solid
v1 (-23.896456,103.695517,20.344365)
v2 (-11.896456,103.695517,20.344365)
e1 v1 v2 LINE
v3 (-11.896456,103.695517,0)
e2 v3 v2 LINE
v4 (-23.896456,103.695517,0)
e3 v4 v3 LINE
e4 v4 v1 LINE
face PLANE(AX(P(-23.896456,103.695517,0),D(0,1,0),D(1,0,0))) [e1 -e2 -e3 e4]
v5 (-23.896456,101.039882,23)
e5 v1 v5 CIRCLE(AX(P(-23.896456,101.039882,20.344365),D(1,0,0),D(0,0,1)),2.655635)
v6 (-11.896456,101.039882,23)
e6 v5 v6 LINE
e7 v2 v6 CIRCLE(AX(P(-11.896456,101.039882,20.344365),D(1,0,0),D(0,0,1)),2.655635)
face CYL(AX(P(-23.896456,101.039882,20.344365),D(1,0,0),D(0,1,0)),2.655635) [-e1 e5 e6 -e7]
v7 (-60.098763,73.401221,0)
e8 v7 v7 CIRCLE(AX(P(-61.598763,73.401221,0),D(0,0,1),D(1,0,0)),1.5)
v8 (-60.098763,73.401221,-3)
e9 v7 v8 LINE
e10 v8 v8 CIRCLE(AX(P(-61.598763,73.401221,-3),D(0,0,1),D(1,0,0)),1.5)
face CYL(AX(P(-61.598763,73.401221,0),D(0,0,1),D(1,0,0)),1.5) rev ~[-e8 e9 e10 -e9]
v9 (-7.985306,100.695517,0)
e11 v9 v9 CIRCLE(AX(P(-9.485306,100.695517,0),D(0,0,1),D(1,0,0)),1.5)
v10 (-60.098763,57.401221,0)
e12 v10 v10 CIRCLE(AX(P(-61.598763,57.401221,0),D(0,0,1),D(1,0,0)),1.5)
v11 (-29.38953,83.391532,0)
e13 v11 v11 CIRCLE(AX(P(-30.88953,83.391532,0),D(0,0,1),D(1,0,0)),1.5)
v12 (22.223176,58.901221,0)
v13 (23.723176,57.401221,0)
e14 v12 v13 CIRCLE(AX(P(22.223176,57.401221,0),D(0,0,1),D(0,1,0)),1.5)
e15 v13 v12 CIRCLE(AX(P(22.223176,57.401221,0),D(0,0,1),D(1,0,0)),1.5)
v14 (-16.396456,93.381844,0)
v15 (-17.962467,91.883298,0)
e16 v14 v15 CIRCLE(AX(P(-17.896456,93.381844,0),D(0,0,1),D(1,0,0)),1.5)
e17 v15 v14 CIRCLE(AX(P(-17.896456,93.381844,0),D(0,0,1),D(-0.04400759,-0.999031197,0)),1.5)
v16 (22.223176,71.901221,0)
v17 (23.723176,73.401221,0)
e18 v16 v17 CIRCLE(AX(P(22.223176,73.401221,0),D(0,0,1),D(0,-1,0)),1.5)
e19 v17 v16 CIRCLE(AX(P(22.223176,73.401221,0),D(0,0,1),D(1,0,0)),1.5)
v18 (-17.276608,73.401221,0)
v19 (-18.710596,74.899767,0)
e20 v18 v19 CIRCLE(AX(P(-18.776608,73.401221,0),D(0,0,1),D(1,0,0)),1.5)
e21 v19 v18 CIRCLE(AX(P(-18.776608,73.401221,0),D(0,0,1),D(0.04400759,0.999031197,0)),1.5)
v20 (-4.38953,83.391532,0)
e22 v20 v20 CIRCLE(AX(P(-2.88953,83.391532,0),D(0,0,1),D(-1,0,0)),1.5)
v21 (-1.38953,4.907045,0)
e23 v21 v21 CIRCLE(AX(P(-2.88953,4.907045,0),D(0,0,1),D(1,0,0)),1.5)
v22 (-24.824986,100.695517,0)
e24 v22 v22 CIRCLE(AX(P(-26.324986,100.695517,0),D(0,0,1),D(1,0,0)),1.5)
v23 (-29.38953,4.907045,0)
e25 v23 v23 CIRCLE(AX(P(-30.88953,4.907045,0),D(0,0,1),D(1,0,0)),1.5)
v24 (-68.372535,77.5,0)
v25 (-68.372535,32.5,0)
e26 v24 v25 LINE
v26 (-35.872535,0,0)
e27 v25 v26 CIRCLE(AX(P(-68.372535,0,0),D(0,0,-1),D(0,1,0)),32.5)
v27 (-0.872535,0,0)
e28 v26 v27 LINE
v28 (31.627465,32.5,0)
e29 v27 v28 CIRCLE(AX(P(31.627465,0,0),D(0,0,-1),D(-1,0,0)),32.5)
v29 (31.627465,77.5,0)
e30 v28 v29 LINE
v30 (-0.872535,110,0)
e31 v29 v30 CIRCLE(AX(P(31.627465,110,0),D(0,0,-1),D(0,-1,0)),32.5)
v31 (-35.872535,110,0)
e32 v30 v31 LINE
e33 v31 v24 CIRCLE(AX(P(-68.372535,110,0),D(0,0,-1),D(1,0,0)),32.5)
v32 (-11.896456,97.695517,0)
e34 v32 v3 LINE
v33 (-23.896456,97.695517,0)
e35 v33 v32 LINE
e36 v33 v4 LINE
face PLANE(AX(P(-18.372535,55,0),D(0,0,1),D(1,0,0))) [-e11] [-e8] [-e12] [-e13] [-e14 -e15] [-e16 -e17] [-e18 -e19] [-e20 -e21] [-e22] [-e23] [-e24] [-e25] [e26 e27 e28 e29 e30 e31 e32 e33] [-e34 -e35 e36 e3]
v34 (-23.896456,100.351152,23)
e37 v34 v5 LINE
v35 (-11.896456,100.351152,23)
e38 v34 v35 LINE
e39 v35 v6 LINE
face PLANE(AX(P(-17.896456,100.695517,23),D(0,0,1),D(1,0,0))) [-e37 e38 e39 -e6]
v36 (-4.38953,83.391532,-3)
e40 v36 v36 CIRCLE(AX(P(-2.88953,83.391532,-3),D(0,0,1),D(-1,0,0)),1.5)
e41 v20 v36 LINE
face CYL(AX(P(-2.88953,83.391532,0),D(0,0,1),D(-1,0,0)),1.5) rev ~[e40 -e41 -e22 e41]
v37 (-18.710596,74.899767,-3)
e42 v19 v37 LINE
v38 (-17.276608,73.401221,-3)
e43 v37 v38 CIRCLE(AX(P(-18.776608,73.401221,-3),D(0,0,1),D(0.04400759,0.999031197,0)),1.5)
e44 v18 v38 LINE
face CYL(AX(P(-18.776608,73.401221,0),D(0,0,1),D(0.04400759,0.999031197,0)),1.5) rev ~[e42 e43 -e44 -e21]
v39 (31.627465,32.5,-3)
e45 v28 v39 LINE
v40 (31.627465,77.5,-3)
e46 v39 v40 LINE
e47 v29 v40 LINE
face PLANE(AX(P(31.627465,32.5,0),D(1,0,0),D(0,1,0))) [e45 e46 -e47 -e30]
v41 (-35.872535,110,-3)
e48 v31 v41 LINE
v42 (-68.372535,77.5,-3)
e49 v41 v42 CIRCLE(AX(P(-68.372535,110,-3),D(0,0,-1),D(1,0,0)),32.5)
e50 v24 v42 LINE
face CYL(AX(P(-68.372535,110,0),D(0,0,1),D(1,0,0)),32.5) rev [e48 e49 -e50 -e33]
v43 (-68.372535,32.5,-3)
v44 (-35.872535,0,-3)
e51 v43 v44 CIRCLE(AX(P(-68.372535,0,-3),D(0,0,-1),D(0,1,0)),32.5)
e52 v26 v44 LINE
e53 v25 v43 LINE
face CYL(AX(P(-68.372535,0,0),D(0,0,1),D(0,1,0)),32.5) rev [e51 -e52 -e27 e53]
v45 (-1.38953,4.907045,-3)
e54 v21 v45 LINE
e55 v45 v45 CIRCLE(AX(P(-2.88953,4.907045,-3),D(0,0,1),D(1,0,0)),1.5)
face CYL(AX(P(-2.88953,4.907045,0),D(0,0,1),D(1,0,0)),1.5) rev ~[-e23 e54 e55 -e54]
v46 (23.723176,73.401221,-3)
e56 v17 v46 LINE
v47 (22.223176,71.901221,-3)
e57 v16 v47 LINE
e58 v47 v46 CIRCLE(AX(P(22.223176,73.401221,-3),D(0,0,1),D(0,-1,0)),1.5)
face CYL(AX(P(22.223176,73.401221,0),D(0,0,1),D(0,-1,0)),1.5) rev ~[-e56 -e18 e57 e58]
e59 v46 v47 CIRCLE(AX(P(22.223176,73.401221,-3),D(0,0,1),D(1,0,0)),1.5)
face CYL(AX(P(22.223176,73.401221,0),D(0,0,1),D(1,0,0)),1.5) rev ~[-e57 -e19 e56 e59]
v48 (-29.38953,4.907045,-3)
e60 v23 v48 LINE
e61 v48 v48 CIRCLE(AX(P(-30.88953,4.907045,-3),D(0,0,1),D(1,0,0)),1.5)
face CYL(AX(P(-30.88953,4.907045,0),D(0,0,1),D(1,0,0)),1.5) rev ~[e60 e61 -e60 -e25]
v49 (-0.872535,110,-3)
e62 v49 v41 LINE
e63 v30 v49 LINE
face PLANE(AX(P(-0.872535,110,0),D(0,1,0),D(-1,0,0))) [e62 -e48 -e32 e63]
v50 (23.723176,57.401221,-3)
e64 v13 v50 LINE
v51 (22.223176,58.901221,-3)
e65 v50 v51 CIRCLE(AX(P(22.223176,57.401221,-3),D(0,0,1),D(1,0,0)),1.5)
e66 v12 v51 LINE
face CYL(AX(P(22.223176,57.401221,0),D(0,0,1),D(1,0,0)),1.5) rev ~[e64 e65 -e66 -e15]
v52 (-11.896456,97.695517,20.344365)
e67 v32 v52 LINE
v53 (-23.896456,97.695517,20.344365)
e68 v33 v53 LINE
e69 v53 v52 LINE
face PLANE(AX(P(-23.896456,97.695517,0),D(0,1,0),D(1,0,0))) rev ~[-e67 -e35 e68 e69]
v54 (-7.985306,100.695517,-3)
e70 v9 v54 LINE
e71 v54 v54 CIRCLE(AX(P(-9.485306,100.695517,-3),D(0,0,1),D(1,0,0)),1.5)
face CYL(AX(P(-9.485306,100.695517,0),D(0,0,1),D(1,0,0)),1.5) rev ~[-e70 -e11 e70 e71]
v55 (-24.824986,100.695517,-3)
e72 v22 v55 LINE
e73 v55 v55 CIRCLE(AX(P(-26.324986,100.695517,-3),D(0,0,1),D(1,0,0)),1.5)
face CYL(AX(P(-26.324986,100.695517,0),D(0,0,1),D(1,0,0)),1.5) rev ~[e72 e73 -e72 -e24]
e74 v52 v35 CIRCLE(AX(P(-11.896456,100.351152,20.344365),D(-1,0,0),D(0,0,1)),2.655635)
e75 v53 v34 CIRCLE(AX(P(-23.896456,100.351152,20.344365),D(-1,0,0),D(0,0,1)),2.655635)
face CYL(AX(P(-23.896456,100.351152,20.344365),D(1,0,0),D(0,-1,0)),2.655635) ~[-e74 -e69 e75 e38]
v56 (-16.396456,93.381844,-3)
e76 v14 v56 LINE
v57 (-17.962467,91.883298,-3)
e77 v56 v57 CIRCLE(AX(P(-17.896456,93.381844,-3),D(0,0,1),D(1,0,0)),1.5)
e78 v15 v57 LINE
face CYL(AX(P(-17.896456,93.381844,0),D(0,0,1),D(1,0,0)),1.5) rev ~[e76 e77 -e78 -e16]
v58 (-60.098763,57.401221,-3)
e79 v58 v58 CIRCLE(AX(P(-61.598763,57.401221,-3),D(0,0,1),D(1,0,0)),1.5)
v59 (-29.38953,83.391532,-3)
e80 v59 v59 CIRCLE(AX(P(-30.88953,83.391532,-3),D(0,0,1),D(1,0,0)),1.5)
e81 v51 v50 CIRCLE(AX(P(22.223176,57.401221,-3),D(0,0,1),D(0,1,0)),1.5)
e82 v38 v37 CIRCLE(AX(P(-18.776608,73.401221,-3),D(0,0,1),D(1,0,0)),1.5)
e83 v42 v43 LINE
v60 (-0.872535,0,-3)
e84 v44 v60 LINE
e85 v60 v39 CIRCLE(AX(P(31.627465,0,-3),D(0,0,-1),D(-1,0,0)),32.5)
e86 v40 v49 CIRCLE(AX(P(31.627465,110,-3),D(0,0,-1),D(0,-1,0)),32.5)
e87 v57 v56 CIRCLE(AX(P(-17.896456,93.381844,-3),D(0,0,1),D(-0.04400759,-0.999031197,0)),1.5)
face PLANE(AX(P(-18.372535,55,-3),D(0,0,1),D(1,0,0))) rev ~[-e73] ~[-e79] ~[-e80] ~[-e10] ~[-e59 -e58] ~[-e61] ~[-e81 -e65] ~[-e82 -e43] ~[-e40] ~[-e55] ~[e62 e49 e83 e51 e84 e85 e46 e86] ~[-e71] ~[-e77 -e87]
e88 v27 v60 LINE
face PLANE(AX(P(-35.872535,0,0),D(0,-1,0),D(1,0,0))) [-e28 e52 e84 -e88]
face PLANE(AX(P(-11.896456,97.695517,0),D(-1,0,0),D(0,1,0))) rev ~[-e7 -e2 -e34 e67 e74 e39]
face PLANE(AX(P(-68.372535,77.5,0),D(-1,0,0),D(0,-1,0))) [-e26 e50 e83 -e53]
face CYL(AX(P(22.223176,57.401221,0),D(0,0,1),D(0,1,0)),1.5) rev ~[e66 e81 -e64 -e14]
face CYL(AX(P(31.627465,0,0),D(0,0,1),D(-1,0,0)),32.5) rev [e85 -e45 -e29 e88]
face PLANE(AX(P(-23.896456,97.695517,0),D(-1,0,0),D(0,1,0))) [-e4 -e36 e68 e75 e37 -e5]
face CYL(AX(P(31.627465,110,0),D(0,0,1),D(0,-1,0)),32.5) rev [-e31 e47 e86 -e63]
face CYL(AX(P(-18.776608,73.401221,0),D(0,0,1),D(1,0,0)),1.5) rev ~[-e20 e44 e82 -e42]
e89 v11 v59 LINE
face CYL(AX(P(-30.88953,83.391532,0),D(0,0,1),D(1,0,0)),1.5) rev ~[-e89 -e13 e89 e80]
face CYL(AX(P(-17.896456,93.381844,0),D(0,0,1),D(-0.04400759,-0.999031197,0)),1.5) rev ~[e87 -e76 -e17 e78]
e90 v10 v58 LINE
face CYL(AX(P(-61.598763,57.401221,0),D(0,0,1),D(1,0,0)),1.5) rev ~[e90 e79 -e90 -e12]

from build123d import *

# Parameters (mm, degrees)
F1_DEPTH = 3
F2_W     = 12
F2_H     = 6
F3_DEPTH = 23
F4_R     = 2.6556349186
F5_R     = 1.5
F6_DEPTH = 25


with BuildPart() as f1:
    # F0 (on Top) → F1 (new body)
    with BuildSketch(Plane.XY):
        with BuildLine():
            Line((-0.8725353895, 110), (-35.8725353895, 110))
            ThreePointArc((-35.8725353895, 110), (-45.391565001, 87.0190296114), (-68.3725353895, 77.5))
            Line((-68.3725353895, 77.5), (-68.3725353895, 32.5))
            ThreePointArc((-68.3725353895, 32.5), (-45.391565001, 22.9809703886), (-35.8725353895, 0))
            Line((-35.8725353895, 0), (-0.8725353895, 0))
            ThreePointArc((-0.8725353895, 0), (8.6464942219, 22.9809703886), (31.6274646105, 32.5))
            Line((31.6274646105, 32.5), (31.6274646105, 77.5))
            ThreePointArc((31.6274646105, 77.5), (8.6464942219, 87.0190296114), (-0.8725353895, 110))
        make_face()
    extrude(amount=-F1_DEPTH)

    # F2 (on face) → F3 (join)
    with BuildSketch(Plane.XY):
        with Locations((-17.8964557126, 100.6955172337)):
            Rectangle(F2_W, F2_H)
    extrude(amount=F3_DEPTH)

    # F4
    f4_edges = [f1.edges().sort_by_distance(p)[0] for p in [
        (-17.896456, 103.695517, 23),
        (-17.896456, 97.695517, 23),
    ]]
    fillet(f4_edges, radius=F4_R)

    # F5 (on face) → F6 (cut)
    with BuildSketch(Plane.XY):
        with Locations((-9.4853062183, 100.6955172337)):
            Circle(F5_R)
        with Locations((-26.3249855489, 100.6955172337)):
            Circle(F5_R)
        with BuildLine():
            ThreePointArc((-17.9624670977, 91.8832976659), (-16.8593966684, 92.2980970094), (-16.3964557126, 93.381844461))
            ThreePointArc((-16.3964557126, 93.381844461), (-18.9335147568, 94.4655919126), (-17.9624670977, 91.8832976659))
        make_face()
        with BuildLine():
            ThreePointArc((-1.3895297348, 83.3915324938), (-2.8895297348, 84.8915324938), (-4.3895297348, 83.3915324938))
            ThreePointArc((-4.3895297348, 83.3915324938), (-2.8895297348, 81.8915324938), (-1.3895297348, 83.3915324938))
        make_face()
        with BuildLine():
            ThreePointArc((-17.2766075142, 73.4012205266), (-17.6928600626, 74.4382795708), (-18.7105961291, 74.8997673217))
            ThreePointArc((-18.7105961291, 74.8997673217), (-19.8603549658, 72.3641614824), (-17.2766075142, 73.4012205266))
        make_face()
        with Locations((-30.8895297348, 83.3915324938)):
            Circle(F5_R)
        with BuildLine():
            ThreePointArc((22.2231764346, 71.9012205266), (23.2838366064, 72.3405603548), (23.7231764346, 73.4012205266))
            ThreePointArc((23.7231764346, 73.4012205266), (21.1625162629, 74.4618806984), (22.2231764346, 71.9012205266))
        make_face()
        with BuildLine():
            ThreePointArc((23.7231764346, 57.4012205266), (23.2838366064, 58.4618806984), (22.2231764346, 58.9012205266))
            ThreePointArc((22.2231764346, 58.9012205266), (21.1625162629, 56.3405603548), (23.7231764346, 57.4012205266))
        make_face()
        with Locations((-61.5987628698, 73.4012205266)):
            Circle(F5_R)
        with Locations((-61.5987628698, 57.4012205266)):
            Circle(F5_R)
        with Locations((-2.8895297348, 4.9070445821)):
            Circle(F5_R)
        with Locations((-30.8895297348, 4.9070445821)):
            Circle(F5_R)
    extrude(amount=-F6_DEPTH, mode=Mode.SUBTRACT)


solid = f1.part
